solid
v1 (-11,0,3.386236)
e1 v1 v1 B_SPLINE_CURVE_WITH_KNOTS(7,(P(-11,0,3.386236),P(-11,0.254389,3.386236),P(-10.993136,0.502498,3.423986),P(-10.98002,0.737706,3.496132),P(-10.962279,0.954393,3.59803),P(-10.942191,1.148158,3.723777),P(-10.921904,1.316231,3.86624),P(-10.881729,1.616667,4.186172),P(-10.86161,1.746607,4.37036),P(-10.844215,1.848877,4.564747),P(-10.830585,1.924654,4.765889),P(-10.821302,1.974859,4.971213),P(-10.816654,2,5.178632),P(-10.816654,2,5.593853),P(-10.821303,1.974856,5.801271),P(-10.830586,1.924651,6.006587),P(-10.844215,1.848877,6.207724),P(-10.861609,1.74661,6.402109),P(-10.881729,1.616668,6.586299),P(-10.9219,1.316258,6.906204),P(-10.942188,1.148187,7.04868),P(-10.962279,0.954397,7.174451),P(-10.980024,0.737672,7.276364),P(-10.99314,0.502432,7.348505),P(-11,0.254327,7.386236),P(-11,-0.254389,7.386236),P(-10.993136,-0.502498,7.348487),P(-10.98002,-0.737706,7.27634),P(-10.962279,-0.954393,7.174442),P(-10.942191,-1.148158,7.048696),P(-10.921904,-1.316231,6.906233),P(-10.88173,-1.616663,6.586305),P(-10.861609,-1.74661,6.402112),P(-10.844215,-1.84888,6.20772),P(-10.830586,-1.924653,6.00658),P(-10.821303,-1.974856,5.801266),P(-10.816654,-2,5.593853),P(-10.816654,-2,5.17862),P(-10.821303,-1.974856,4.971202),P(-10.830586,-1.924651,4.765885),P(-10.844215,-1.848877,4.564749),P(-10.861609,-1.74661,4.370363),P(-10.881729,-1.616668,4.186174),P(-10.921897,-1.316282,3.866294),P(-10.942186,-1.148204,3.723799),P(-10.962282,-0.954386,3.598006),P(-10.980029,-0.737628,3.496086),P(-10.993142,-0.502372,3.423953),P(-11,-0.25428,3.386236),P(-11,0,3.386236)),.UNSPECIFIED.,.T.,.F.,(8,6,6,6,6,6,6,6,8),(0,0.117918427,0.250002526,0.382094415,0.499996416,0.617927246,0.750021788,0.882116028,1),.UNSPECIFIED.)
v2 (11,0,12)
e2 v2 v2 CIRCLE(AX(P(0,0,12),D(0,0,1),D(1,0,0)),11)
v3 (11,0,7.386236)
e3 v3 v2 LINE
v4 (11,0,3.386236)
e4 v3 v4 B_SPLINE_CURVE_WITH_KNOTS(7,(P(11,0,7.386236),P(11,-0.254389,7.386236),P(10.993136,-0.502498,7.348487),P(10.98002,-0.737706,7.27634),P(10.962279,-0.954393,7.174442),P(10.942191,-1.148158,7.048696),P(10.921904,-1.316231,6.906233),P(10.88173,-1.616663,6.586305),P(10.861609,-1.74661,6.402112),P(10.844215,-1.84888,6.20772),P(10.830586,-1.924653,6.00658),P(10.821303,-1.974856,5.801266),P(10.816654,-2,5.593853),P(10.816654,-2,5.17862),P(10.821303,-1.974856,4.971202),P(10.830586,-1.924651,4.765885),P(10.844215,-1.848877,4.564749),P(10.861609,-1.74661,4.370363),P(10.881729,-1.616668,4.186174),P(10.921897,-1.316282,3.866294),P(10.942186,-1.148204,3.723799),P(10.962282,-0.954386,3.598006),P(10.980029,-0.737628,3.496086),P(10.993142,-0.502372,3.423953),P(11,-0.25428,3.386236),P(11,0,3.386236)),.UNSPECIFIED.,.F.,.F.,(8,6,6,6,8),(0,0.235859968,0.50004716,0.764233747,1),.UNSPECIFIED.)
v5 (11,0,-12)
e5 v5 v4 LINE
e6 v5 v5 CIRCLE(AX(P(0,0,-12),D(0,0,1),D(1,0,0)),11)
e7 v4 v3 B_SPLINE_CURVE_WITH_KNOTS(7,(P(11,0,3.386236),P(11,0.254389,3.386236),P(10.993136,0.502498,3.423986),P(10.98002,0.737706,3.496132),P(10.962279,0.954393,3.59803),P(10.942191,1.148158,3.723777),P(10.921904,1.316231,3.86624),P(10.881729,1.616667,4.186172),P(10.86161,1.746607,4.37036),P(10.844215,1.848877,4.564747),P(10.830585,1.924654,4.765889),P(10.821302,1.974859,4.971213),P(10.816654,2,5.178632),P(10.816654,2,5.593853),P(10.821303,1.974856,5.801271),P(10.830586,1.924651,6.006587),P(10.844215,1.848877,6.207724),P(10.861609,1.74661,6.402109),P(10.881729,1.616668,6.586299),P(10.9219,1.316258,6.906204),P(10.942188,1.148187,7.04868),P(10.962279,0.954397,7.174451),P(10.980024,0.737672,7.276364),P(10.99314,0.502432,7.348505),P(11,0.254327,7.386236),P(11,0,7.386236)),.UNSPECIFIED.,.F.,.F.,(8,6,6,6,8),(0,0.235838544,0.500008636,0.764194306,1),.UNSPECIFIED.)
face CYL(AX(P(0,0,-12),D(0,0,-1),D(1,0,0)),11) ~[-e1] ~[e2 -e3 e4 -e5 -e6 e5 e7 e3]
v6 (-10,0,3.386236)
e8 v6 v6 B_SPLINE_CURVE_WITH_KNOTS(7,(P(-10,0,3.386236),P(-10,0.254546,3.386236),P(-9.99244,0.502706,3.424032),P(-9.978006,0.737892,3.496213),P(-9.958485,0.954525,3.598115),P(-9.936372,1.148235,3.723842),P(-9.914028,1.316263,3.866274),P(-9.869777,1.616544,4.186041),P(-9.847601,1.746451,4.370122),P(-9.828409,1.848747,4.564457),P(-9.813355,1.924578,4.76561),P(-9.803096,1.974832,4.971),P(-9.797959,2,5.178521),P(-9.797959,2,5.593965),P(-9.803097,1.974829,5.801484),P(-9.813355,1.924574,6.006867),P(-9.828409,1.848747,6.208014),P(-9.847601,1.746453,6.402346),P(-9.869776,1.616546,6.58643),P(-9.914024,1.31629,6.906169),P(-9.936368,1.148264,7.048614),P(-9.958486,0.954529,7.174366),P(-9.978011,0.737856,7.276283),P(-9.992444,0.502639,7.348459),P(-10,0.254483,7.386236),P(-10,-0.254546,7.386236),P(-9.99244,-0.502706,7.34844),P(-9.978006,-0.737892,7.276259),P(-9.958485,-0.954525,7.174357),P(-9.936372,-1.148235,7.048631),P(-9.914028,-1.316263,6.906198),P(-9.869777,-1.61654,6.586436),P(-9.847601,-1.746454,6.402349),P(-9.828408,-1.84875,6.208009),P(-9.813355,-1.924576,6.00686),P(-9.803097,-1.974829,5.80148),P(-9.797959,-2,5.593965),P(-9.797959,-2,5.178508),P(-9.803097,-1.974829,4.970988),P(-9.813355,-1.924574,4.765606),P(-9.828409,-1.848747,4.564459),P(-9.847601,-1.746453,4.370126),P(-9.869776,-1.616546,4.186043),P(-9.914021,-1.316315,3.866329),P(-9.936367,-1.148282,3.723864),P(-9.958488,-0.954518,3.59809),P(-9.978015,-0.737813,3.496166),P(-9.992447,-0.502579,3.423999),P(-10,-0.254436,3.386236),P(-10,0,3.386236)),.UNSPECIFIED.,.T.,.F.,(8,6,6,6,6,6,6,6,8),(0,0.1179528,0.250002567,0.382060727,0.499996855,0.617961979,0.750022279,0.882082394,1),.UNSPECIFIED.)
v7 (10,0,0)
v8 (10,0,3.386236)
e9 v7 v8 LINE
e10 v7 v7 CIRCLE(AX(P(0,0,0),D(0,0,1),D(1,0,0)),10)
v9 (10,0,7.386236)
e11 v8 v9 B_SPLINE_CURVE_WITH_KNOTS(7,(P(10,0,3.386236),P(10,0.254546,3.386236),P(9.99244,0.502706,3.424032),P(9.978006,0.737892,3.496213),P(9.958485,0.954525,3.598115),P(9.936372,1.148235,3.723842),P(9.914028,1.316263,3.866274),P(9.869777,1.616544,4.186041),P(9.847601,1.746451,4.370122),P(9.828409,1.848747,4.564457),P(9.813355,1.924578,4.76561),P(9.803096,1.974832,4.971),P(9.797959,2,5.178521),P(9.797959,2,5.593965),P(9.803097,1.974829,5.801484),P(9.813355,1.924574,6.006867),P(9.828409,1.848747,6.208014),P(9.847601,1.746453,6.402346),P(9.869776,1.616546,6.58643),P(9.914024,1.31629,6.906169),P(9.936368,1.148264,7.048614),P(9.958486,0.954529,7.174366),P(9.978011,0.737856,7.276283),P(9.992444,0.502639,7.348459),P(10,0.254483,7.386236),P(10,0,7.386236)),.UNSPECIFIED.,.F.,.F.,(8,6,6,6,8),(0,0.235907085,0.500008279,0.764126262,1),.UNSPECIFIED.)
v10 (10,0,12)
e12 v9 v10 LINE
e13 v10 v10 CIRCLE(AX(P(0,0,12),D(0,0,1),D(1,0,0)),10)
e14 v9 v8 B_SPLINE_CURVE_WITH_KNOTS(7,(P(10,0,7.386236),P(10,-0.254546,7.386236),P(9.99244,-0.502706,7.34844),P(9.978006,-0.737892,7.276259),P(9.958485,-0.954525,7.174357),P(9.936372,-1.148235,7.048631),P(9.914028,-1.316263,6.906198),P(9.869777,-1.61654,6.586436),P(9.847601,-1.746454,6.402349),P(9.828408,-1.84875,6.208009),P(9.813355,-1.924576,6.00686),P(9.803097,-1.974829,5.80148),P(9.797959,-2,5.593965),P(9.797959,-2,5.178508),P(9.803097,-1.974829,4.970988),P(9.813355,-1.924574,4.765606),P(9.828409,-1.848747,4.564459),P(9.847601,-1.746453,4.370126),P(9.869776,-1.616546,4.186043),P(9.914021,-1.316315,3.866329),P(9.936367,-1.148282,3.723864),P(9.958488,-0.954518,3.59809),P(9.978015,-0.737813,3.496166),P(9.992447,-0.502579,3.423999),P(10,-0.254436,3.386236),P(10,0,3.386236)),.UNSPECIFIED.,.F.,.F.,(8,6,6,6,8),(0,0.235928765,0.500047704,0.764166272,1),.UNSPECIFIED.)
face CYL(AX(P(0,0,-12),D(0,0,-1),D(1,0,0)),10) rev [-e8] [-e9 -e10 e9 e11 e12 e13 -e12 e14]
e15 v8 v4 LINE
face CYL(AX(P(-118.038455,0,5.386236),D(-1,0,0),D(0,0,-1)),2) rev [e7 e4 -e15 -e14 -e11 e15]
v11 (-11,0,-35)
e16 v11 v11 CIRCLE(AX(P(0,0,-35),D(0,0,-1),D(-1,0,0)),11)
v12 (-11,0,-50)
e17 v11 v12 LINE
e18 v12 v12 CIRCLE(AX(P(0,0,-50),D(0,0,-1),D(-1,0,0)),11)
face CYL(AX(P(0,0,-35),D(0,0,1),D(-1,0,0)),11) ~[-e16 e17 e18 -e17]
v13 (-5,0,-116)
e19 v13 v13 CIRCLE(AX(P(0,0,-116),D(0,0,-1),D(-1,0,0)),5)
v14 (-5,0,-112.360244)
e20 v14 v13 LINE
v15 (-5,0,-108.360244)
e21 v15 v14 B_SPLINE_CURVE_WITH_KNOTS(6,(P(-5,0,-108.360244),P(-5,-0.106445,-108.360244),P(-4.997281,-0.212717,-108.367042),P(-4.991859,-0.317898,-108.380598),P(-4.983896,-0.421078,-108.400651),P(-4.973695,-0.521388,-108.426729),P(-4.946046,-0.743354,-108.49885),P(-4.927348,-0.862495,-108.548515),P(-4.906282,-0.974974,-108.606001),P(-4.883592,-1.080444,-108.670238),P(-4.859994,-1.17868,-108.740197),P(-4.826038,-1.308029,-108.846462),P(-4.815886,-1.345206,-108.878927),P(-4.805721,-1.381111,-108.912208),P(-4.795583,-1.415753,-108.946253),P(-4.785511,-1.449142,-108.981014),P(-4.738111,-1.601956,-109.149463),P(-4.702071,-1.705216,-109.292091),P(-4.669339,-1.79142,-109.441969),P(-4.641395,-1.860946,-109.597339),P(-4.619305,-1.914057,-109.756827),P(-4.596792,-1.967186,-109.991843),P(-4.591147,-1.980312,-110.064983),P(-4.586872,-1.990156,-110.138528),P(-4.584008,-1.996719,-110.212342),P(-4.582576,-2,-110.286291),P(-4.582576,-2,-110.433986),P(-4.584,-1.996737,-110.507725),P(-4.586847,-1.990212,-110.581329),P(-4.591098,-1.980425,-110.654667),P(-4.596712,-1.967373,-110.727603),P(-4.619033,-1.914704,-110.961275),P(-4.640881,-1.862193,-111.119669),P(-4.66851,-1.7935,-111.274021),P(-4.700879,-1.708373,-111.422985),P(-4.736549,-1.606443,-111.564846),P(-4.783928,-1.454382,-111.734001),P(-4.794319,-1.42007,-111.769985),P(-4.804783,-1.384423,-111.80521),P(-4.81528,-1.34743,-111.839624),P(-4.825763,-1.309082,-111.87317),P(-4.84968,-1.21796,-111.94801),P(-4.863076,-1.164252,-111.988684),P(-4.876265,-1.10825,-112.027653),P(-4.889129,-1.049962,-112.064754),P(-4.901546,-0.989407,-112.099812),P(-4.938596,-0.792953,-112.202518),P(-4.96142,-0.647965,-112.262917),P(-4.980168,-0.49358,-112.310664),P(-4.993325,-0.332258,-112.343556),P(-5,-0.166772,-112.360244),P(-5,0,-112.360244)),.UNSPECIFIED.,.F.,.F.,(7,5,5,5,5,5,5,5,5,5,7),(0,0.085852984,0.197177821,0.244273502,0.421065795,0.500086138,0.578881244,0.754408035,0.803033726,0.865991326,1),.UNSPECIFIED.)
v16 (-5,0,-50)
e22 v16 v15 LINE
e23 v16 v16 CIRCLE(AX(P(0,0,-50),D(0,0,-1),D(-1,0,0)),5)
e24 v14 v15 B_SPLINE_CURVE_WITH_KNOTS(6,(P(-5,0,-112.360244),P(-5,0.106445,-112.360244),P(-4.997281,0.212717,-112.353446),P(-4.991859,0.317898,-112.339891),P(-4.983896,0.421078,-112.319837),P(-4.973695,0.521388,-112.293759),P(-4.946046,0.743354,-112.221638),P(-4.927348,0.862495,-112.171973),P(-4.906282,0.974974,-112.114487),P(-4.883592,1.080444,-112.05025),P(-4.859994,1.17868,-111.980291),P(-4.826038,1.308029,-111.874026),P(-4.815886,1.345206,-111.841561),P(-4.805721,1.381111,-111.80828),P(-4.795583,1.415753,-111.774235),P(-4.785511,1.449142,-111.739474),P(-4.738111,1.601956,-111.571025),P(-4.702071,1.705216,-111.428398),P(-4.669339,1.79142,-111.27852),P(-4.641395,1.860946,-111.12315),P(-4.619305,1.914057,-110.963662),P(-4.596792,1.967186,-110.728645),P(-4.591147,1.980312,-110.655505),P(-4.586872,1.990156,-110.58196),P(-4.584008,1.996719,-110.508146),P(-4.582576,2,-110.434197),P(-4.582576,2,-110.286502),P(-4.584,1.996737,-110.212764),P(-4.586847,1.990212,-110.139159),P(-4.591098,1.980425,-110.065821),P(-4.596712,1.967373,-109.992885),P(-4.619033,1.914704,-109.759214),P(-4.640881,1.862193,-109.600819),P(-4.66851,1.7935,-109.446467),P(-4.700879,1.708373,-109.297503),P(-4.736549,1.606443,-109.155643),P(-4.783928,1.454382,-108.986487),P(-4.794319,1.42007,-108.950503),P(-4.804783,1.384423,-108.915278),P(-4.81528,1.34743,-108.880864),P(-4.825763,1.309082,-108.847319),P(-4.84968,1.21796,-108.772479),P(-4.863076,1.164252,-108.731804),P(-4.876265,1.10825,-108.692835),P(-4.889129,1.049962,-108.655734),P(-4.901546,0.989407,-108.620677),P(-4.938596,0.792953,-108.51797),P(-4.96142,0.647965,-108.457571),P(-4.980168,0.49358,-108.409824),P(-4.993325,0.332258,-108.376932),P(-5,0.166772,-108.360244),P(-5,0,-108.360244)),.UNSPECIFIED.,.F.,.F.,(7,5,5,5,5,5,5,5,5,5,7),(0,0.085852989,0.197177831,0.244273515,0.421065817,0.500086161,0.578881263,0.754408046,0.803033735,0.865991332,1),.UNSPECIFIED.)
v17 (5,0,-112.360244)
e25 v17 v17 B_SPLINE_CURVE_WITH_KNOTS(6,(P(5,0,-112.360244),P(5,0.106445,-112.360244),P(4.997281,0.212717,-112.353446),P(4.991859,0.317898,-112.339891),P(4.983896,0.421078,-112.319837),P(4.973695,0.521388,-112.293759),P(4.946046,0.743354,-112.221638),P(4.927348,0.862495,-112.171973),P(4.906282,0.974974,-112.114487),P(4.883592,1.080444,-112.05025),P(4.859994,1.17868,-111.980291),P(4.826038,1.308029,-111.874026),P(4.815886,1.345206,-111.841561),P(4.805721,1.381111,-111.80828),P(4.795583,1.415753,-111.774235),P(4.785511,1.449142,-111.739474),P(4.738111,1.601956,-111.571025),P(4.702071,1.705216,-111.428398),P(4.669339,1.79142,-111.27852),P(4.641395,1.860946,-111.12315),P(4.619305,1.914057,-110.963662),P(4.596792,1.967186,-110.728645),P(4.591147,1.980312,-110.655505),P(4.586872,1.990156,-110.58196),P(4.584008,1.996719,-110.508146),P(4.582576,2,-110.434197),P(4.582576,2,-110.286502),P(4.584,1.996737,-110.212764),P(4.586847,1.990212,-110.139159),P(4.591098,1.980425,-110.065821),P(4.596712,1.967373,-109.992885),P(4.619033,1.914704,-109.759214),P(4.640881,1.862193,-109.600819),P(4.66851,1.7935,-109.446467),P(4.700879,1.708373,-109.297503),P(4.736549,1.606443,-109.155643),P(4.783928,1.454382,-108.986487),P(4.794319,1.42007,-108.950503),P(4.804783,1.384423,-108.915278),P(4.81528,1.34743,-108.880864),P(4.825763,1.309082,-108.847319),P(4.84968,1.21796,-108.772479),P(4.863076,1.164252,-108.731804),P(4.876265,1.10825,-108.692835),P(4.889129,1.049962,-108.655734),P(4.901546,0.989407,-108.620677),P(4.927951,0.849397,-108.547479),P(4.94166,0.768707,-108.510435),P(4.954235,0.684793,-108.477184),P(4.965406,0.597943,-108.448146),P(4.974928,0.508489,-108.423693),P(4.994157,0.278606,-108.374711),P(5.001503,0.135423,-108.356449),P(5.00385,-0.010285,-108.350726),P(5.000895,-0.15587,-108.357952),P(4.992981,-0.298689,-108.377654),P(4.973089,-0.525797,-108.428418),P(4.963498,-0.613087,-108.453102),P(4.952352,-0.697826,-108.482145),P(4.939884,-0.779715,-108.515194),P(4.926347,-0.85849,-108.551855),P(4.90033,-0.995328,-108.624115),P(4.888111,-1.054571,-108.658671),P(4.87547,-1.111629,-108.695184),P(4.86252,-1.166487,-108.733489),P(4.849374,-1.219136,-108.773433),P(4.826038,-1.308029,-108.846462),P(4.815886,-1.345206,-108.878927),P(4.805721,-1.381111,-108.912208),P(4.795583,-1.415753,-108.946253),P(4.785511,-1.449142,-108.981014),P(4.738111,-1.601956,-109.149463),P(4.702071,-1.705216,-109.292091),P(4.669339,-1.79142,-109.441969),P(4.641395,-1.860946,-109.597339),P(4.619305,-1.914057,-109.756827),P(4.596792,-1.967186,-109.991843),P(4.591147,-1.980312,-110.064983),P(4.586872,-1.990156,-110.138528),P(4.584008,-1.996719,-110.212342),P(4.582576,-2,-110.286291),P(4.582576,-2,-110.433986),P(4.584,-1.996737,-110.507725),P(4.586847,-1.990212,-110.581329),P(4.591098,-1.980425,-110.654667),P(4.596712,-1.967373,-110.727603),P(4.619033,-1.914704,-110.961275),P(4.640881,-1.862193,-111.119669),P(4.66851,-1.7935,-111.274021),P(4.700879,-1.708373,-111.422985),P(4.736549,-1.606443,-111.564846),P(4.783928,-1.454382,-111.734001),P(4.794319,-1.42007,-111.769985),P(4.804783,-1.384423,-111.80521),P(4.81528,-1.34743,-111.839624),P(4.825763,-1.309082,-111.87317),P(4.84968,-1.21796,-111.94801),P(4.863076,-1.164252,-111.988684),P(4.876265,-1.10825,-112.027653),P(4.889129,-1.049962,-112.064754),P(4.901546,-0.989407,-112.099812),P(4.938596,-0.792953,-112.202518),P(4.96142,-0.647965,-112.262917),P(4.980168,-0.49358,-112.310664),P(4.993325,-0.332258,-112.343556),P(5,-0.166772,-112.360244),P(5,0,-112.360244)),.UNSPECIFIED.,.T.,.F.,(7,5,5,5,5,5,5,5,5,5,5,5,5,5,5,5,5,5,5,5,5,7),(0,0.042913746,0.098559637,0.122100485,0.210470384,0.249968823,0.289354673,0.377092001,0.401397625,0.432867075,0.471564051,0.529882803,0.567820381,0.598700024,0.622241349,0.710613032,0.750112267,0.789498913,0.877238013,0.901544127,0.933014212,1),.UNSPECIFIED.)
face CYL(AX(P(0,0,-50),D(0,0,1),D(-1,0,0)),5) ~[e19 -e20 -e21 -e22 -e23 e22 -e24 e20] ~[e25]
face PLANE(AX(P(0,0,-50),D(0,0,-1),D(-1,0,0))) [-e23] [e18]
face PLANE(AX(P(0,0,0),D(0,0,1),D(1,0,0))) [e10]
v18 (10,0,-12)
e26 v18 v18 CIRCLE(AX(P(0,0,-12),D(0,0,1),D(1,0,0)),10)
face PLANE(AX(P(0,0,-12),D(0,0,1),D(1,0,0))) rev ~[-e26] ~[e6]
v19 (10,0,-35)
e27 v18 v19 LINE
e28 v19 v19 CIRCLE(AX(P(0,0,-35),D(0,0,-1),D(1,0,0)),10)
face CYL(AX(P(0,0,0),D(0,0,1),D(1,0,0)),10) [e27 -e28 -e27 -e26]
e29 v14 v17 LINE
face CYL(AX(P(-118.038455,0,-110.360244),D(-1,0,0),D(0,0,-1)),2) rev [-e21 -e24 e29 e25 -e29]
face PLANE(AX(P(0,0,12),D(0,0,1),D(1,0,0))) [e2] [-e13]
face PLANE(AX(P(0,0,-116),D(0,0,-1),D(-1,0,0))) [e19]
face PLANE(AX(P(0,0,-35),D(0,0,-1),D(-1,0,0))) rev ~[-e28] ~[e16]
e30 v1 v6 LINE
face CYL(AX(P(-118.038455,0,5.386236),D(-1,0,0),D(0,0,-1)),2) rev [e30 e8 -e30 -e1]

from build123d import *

# Parameters (mm, degrees)
SKETCH1_R                = 10
BOSS_EXTRUDE1_DEPTH      = 50
EXTRUDE_THIN1_START      = -15
SKETCH2_R                = 11
SKETCH2_R_2              = 10
EXTRUDE_THIN1_DEPTH      = 15
SKETCH3_R                = 5
BOSS_EXTRUDE2_DEPTH      = 66
CUT_EXTRUDE3_DEPTH       = 118.038455219
CUT_EXTRUDE3_DEPTH_BACK  = 118.038455219
SKETCH4_R                = 2
EXTRUDE_THIN2_DEPTH      = 12
EXTRUDE_THIN2_DEPTH_BACK = 12
SKETCH5_R                = 11
SKETCH5_R_2              = 10
CUT_EXTRUDE4_DEPTH       = 118.038455318
CUT_EXTRUDE4_DEPTH_BACK  = 118.038455318
SKETCH7_R                = 2


with BuildPart() as part:
    # Sketch1 → Boss-Extrude1 (new body)
    with BuildSketch(Plane.XY):
        Circle(SKETCH1_R)
    extrude(amount=-BOSS_EXTRUDE1_DEPTH)

    # Sketch2 → Extrude-Thin1 (add)
    with BuildSketch(Plane(origin=(0, 0, -50), x_dir=(-1, 0, 0), z_dir=(0, 0, -1)).offset(EXTRUDE_THIN1_START)):
        Circle(SKETCH2_R)
        Circle(SKETCH2_R_2, mode=Mode.SUBTRACT)
    extrude(amount=EXTRUDE_THIN1_DEPTH)

    # Sketch3 → Boss-Extrude2 (add)
    with BuildSketch(Plane(origin=(0, 0, -50), x_dir=(-1, 0, 0), z_dir=(0, 0, -1))):
        Circle(SKETCH3_R)
    extrude(amount=BOSS_EXTRUDE2_DEPTH)

    # Sketch4 → Cut-Extrude3 (cut, two sides: drawn at the far end of the back side and taken through both)
    with BuildSketch(Plane(origin=(0, 0, 0), x_dir=(0, 0, -1), z_dir=(1, 0, 0)).offset(-CUT_EXTRUDE3_DEPTH_BACK)):
        with Locations((110.360244091, 0)):
            Circle(SKETCH4_R)
    extrude(amount=CUT_EXTRUDE3_DEPTH + CUT_EXTRUDE3_DEPTH_BACK, mode=Mode.SUBTRACT)

    # Sketch5 → Extrude-Thin2 (add, two sides: drawn at the far end of the back side and taken through both)
    with BuildSketch(Plane.XY.offset(-EXTRUDE_THIN2_DEPTH_BACK)):
        Circle(SKETCH5_R)
        Circle(SKETCH5_R_2, mode=Mode.SUBTRACT)
    extrude(amount=EXTRUDE_THIN2_DEPTH + EXTRUDE_THIN2_DEPTH_BACK)

    # Sketch7 → Cut-Extrude4 (cut, two sides: drawn at the far end of the back side and taken through both)
    with BuildSketch(Plane(origin=(0, 0, 0), x_dir=(0, 0, -1), z_dir=(1, 0, 0)).offset(-CUT_EXTRUDE4_DEPTH_BACK)):
        with Locations((-5.38623627, 0)):
            Circle(SKETCH7_R)
    extrude(amount=CUT_EXTRUDE4_DEPTH + CUT_EXTRUDE4_DEPTH_BACK, mode=Mode.SUBTRACT)


solid = part.part
